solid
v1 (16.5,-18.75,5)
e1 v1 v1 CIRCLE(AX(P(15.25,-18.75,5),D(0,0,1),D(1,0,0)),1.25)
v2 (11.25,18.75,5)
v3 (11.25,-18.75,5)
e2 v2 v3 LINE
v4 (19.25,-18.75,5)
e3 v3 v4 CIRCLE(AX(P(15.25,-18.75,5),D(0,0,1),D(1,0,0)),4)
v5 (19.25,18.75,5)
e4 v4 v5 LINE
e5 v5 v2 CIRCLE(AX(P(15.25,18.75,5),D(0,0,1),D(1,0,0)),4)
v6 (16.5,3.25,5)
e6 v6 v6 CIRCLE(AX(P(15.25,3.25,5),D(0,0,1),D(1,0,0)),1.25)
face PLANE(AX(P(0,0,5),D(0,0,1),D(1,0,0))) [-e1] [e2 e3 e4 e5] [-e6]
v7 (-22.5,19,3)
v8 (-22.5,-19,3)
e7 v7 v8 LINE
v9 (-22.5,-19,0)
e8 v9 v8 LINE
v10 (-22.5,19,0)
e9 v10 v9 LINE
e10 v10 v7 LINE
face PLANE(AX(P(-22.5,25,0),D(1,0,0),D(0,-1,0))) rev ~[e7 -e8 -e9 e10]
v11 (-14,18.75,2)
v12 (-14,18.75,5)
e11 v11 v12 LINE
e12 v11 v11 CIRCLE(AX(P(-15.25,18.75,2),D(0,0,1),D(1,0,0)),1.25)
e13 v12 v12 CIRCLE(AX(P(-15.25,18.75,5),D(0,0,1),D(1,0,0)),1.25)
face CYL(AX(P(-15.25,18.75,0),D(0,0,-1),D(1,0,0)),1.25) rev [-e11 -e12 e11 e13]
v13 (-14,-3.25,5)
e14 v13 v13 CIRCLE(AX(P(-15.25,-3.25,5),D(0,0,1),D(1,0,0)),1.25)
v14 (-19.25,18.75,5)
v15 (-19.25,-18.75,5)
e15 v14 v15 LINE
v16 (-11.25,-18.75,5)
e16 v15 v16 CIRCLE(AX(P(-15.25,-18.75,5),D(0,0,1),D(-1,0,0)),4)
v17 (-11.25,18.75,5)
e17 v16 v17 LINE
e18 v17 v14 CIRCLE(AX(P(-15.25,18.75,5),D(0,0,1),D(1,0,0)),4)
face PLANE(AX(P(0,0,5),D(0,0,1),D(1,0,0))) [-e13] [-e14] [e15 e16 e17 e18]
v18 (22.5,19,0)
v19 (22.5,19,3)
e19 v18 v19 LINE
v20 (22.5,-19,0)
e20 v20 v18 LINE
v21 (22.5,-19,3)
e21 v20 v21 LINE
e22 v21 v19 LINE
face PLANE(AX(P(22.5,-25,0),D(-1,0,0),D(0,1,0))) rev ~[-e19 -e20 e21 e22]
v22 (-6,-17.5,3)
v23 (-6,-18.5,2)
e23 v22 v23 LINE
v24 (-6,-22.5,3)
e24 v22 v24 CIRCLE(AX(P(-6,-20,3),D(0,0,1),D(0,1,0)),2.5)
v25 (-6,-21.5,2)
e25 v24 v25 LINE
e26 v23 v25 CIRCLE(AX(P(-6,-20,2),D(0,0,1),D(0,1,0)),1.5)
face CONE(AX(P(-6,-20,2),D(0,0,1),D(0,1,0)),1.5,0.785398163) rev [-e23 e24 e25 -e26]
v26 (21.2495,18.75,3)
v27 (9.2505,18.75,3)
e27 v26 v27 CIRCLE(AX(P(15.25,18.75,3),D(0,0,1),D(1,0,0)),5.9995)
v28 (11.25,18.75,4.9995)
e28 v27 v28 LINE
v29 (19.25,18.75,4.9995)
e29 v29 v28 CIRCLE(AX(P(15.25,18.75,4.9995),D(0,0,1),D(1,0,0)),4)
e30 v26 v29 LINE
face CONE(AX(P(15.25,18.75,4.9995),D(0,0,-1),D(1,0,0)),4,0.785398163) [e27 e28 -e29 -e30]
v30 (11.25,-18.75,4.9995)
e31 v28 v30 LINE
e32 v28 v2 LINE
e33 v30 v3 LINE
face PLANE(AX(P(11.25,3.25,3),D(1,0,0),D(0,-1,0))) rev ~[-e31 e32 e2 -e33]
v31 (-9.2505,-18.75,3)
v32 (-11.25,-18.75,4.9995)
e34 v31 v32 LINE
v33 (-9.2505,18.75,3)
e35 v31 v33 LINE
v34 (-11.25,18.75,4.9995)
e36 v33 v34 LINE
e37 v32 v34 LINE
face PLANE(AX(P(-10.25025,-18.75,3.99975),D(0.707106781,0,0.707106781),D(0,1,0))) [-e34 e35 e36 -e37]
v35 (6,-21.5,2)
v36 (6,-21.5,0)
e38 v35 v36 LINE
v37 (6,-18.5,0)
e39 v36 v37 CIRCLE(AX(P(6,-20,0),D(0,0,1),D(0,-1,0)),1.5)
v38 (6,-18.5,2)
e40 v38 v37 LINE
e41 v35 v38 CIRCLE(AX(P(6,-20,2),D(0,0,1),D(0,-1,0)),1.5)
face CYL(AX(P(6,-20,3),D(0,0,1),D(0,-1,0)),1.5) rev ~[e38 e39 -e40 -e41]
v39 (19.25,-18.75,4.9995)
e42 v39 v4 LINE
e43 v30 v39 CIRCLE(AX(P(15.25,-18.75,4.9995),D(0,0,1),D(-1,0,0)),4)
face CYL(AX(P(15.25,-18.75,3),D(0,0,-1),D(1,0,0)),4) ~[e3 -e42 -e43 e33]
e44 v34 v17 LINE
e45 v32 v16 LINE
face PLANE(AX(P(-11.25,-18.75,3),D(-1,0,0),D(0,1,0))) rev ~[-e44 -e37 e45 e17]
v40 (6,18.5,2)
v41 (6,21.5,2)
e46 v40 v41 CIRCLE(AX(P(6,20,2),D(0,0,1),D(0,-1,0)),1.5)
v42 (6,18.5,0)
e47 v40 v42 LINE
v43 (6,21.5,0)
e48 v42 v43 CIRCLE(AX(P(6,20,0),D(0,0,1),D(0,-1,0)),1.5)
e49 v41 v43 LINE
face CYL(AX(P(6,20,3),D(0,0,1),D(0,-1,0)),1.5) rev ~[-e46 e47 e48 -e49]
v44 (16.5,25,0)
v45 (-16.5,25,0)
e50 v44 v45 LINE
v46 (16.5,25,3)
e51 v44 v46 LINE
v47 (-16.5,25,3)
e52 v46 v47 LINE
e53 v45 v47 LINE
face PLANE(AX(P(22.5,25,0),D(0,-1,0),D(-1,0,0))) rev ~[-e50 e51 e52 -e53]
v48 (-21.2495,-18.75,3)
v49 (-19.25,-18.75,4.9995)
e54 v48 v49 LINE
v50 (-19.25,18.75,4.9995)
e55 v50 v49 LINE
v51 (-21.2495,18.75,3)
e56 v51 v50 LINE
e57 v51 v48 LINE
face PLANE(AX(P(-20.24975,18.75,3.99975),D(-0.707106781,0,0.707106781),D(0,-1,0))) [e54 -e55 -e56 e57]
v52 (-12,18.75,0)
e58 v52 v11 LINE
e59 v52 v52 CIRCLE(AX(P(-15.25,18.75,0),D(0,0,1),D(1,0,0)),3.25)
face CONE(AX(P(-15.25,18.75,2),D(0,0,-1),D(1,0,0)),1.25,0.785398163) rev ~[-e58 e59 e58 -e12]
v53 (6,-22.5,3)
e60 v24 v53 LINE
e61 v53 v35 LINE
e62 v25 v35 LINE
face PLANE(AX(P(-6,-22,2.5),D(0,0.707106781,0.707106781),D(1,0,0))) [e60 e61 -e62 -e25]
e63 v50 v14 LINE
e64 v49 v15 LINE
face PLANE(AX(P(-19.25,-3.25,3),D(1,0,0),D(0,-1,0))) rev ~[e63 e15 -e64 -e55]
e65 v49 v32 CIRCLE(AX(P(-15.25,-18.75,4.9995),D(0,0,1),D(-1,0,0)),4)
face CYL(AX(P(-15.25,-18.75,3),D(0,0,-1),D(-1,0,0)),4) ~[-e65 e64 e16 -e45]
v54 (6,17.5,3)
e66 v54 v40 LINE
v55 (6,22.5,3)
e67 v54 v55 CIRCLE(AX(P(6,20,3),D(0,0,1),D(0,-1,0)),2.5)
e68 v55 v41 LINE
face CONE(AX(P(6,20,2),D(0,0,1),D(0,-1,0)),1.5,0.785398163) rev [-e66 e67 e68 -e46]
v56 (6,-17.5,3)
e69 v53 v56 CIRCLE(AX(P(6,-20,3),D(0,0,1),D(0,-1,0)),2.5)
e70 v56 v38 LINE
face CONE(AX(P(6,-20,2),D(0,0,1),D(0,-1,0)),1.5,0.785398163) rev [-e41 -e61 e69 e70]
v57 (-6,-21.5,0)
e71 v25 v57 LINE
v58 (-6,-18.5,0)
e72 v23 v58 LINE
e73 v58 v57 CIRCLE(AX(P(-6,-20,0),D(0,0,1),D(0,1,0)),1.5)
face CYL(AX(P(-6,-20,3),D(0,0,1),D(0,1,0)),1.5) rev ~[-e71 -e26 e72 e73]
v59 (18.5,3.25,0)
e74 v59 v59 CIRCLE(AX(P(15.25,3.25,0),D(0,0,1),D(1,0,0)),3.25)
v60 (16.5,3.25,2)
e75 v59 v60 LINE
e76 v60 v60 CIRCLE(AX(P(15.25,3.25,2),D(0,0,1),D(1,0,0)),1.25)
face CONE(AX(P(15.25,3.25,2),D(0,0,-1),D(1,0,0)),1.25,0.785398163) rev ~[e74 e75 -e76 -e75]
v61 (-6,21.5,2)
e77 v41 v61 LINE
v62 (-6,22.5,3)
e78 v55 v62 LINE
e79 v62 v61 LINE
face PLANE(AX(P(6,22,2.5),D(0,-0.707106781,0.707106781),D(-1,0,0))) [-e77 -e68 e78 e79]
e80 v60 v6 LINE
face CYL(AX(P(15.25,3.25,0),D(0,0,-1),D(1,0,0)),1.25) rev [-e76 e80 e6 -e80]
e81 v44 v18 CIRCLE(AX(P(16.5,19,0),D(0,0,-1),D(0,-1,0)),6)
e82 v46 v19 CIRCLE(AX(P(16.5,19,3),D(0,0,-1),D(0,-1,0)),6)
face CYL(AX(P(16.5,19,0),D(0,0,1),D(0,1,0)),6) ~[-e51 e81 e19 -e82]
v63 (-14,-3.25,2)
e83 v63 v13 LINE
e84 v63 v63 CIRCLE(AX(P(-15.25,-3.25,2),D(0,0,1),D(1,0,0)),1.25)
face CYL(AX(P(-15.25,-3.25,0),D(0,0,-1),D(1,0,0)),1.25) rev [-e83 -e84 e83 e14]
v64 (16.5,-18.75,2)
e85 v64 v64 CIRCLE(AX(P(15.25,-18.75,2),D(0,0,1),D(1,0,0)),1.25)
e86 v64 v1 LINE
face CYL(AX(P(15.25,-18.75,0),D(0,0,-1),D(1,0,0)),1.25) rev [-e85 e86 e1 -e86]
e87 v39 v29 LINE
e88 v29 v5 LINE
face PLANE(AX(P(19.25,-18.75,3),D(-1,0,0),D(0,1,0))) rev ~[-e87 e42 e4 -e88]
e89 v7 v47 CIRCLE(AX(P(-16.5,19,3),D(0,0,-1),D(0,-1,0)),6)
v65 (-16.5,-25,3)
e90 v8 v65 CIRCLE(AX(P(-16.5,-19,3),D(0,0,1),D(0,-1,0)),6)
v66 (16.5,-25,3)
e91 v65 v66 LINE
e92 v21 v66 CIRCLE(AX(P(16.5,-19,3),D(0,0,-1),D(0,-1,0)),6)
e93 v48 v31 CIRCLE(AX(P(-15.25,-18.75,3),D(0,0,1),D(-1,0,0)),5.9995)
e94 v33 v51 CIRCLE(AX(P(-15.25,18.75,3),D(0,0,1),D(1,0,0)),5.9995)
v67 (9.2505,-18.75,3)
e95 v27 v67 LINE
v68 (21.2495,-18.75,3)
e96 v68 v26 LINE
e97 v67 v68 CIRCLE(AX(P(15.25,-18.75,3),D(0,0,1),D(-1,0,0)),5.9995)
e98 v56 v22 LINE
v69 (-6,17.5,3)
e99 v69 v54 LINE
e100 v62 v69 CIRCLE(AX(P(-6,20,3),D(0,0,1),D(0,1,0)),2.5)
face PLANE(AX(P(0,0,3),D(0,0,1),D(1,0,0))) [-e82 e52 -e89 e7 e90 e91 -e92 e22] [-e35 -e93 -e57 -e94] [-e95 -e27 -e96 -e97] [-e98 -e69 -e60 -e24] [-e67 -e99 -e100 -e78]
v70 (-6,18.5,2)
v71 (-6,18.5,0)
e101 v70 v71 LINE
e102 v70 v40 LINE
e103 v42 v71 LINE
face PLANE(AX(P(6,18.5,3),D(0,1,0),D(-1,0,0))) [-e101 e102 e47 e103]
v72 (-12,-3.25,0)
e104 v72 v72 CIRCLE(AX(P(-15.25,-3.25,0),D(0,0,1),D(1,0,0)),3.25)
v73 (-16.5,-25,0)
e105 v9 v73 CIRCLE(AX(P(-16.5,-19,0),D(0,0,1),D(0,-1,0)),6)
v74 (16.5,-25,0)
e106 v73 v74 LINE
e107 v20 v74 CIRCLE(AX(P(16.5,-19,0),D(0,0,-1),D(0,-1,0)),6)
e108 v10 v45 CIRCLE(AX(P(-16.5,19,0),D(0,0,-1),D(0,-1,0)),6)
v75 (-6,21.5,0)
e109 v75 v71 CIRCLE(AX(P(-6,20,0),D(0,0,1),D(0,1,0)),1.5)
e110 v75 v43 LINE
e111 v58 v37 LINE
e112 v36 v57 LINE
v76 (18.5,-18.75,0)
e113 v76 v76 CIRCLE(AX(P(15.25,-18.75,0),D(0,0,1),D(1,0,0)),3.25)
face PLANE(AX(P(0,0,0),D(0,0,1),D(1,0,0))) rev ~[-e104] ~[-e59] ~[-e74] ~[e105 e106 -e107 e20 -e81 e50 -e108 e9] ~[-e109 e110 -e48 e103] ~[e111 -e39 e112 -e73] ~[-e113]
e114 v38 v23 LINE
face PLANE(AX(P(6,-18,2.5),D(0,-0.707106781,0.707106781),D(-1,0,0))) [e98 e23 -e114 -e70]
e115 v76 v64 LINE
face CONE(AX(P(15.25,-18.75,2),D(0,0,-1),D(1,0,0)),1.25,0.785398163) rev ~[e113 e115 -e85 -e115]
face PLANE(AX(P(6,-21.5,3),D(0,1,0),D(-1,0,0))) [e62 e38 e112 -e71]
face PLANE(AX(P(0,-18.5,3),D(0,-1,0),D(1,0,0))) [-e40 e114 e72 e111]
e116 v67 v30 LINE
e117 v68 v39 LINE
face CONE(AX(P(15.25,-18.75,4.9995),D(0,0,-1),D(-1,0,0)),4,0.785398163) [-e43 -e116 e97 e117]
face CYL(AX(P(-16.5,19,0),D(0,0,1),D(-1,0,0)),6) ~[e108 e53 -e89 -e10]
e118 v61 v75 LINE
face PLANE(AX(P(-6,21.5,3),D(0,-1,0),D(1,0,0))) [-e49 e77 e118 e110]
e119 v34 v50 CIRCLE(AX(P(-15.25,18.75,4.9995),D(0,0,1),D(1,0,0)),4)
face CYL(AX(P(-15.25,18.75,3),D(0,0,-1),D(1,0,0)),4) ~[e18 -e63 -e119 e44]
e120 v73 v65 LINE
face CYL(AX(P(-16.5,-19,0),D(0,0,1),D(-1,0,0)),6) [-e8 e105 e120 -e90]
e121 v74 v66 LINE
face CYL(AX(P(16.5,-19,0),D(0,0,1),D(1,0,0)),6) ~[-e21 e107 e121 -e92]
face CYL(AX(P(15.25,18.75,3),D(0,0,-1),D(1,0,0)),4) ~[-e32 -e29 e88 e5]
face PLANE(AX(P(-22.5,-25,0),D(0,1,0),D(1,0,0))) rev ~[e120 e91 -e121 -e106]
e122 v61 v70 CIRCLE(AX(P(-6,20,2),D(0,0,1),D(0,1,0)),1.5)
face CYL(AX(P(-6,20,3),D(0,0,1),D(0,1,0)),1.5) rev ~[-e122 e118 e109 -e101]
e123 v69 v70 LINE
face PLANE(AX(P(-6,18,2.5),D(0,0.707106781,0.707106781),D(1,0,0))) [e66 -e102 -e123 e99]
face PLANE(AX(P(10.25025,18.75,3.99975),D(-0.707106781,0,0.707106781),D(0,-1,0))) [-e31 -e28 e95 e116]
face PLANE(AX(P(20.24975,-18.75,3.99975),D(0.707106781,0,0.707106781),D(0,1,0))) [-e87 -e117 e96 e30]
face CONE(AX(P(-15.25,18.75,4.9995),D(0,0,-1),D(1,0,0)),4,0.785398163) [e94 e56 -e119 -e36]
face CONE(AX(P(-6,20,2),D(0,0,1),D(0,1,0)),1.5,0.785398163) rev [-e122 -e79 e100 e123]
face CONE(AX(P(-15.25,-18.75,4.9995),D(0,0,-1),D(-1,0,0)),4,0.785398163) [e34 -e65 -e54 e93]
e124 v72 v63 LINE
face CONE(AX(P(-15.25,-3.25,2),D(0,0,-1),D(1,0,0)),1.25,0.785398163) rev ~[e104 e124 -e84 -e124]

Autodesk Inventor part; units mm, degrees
ref_plane "YZ Plane" through (0, 0, 0) normal (1, 0, 0) x (0, 1, 0)
ref_plane "XZ Plane" through (0, 0, 0) normal (0, 1, 0) x (-1, 0, 0)
ref_plane "XY Plane" through (0, 0, 0) normal (0, 0, 1) x (1, 0, 0)
sketch "Skizze1" plane through (0, 0, 0) normal (0, 0, 1) x (1, 0, 0)
  line L0 (-22.5, -25) -> (22.5, -25)
  line L1 (22.5, -25) -> (22.5, 25)
  line L2 (22.5, 25) -> (-22.5, 25)
  line L3 (-22.5, 25) -> (-22.5, -25)
  line L4 (-22.5, -25) -> (22.5, 25) construction
  line L5 (22.5, -25) -> (-22.5, 25) construction
  line L6 (0, 11) -> (0, -11) construction
  line L7 (-15.25, 18.75) -> (15.25, 18.75) construction
  line L8 (15.25, 18.75) -> (15.25, 3.25) construction
  line L9 (15.25, 3.25) -> (-15.25, 3.25) construction
  line L10 (-15.25, 3.25) -> (-15.25, 18.75) construction
  line L11 (-15.25, 18.75) -> (15.25, 3.25) construction
  line L12 (15.25, 18.75) -> (-15.25, 3.25) construction
  line L13 (-17.7097, 20) -> (17.7097, 20) construction
  line L14 (17.7097, 20) -> (17.7097, 2) construction
  line L15 (17.7097, 2) -> (-17.7097, 2) construction
  line L16 (-17.7097, 2) -> (-17.7097, 20) construction
  line L17 (-17.7097, 20) -> (17.7097, 2) construction
  line L18 (17.7097, 20) -> (-17.7097, 2) construction
  line L19 (-15.25, -18.75) -> (15.25, -18.75) construction
  line L20 (15.25, -18.75) -> (15.25, -3.25) construction
  line L21 (15.25, -3.25) -> (-15.25, -3.25) construction
  line L22 (-15.25, -3.25) -> (-15.25, -18.75) construction
  line L23 (-15.25, -18.75) -> (15.25, -3.25) construction
  line L24 (15.25, -18.75) -> (-15.25, -3.25) construction
  circle A0 centre (-15.25, 18.75) radius 1.25
  circle A1 centre (15.25, 3.25) radius 1.25
  circle A2 centre (15.25, -18.75) radius 1.25
  circle A3 centre (-15.25, -3.25) radius 1.25
  point P0 (0, 0)
  point P1 (0, 0)
  dimension "d0" = 45
  dimension "d1" = 15.5
  dimension "d2" = 30.5
  dimension "d3" = 2
  dimension "d4" = 18
  dimension "d5" = 25
  dimension "d6" = 2.5
extrude "Extrusion1" add sketch "Skizze1" along normal blind 3
fillet "Rundung1" radius 6 4 edges at (-22.5, 25, 1.5) (-22.5, -25, 1.5) (22.5, -25, 1.5) (22.5, 25, 1.5)
chamfer "Fase1" distance 2 angle 45 4 edges at (-16.5, -3.25, 0) (14, -18.75, 0) (14, 3.25, 0) (-16.5, 18.75, 0)
sketch "Skizze2" plane through (0, 0, 3) normal (0, 0, 1) x (1, 0, 0)
  arc A0 (22.5, 19) -> (16.5, 25) centre (16.5, 19) ccw projected
  line L0 (16.5, 25) -> (-16.5, 25) projected
  arc A1 (-16.5, 25) -> (-22.5, 19) centre (-16.5, 19) ccw projected
  line L1 (-22.5, 19) -> (-22.5, -19) projected
  arc A2 (-22.5, -19) -> (-16.5, -25) centre (-16.5, -19) ccw projected
  line L2 (-16.5, -25) -> (16.5, -25) projected
  arc A3 (16.5, -25) -> (22.5, -19) centre (16.5, -19) ccw projected
  line L3 (22.5, -19) -> (22.5, 19) projected
  circle A4 centre (-15.25, -3.25) radius 1.25 projected
  circle A5 centre (15.25, -18.75) radius 1.25 projected
  circle A6 centre (15.25, 3.25) radius 1.25 projected
  circle A7 centre (-15.25, 18.75) radius 1.25 projected
  circle A8 centre (15.25, 3.25) radius 4
  circle A9 centre (15.25, -18.75) radius 4
  circle A10 centre (-15.25, -3.25) radius 4
  circle A11 centre (-15.25, 18.75) radius 4
  line L4 (15.25, -18.75) -> (15.25, 18.75) construction
  line L5 (19.25, -18.75) -> (19.25, 18.75)
  line L6 (11.25, 18.75) -> (11.25, -18.75)
  arc A12 (11.25, -18.75) -> (19.25, -18.75) centre (15.25, -18.75) ccw
  arc A13 (19.25, 18.75) -> (11.25, 18.75) centre (15.25, 18.75) ccw
  line L7 (-15.25, 18.75) -> (-15.25, -18.75) construction
  line L8 (-19.25, 18.75) -> (-19.25, -18.75)
  line L9 (-11.25, -18.75) -> (-11.25, 18.75)
  arc A14 (-11.25, 18.75) -> (-19.25, 18.75) centre (-15.25, 18.75) ccw
  arc A15 (-19.25, -18.75) -> (-11.25, -18.75) centre (-15.25, -18.75) ccw
  line L10 (-15.25, -18.75) -> (15.25, -18.75) construction
  line L11 (15.25, 18.75) -> (-15.25, 18.75) construction
  point P0 (0, 0)
  point P1 (15.25, 0)
  point P2 (-15.25, 0)
  dimension "d13" = 8
extrude "Extrusion2" add sketch "Skizze2" along normal blind 2 contours A8 | L5 A9 L6 A8 | A8 L6 A13 L5 | A9 | A10 | L9 A15 L8 A10 | A10 L8 A11 L9 | A11
chamfer "Fase3" distance 2 angle 45 8 edges at (15.25, 22.75, 3) (19.25, 0, 3) (15.25, -22.75, 3) (11.25, 0, 3) (-15.25, 22.75, 3) (-11.25, 0, 3) (-15.25, -22.75, 3) (-19.25, 0, 3)
sketch "Skizze4" plane through (0, 0, 3) normal (0, 0, 1) x (1, 0, 0)
  line L0 (-6, 20) -> (6, 20) construction
  line L1 (-6, 21.5) -> (6, 21.5)
  line L2 (6, 18.5) -> (-6, 18.5)
  arc A0 (-6, 21.5) -> (-6, 18.5) centre (-6, 20) ccw
  arc A1 (6, 18.5) -> (6, 21.5) centre (6, 20) ccw
  line L3 (-6, -20) -> (6, -20) construction
  line L4 (-6, -18.5) -> (6, -18.5)
  line L5 (6, -21.5) -> (-6, -21.5)
  arc A2 (-6, -18.5) -> (-6, -21.5) centre (-6, -20) ccw
  arc A3 (6, -21.5) -> (6, -18.5) centre (6, -20) ccw
  line L6 (0, -20) -> (0, 20)
  point P0 (0, 0)
  point P1 (0, 0)
  dimension "d22" = 3
  dimension "d23" = 12
  dimension "d24" = 40
extrude "Extrusion3" cut sketch "Skizze4" against normal through all
chamfer "Fase4" distance 1 angle 45 8 edges at (7.5, 20, 3) (0, 18.5, 3) (-7.5, 20, 3) (0, 21.5, 3) (7.5, -20, 3) (0, -21.5, 3) (-7.5, -20, 3) (0, -18.5, 3)
properties part number "wandler"
